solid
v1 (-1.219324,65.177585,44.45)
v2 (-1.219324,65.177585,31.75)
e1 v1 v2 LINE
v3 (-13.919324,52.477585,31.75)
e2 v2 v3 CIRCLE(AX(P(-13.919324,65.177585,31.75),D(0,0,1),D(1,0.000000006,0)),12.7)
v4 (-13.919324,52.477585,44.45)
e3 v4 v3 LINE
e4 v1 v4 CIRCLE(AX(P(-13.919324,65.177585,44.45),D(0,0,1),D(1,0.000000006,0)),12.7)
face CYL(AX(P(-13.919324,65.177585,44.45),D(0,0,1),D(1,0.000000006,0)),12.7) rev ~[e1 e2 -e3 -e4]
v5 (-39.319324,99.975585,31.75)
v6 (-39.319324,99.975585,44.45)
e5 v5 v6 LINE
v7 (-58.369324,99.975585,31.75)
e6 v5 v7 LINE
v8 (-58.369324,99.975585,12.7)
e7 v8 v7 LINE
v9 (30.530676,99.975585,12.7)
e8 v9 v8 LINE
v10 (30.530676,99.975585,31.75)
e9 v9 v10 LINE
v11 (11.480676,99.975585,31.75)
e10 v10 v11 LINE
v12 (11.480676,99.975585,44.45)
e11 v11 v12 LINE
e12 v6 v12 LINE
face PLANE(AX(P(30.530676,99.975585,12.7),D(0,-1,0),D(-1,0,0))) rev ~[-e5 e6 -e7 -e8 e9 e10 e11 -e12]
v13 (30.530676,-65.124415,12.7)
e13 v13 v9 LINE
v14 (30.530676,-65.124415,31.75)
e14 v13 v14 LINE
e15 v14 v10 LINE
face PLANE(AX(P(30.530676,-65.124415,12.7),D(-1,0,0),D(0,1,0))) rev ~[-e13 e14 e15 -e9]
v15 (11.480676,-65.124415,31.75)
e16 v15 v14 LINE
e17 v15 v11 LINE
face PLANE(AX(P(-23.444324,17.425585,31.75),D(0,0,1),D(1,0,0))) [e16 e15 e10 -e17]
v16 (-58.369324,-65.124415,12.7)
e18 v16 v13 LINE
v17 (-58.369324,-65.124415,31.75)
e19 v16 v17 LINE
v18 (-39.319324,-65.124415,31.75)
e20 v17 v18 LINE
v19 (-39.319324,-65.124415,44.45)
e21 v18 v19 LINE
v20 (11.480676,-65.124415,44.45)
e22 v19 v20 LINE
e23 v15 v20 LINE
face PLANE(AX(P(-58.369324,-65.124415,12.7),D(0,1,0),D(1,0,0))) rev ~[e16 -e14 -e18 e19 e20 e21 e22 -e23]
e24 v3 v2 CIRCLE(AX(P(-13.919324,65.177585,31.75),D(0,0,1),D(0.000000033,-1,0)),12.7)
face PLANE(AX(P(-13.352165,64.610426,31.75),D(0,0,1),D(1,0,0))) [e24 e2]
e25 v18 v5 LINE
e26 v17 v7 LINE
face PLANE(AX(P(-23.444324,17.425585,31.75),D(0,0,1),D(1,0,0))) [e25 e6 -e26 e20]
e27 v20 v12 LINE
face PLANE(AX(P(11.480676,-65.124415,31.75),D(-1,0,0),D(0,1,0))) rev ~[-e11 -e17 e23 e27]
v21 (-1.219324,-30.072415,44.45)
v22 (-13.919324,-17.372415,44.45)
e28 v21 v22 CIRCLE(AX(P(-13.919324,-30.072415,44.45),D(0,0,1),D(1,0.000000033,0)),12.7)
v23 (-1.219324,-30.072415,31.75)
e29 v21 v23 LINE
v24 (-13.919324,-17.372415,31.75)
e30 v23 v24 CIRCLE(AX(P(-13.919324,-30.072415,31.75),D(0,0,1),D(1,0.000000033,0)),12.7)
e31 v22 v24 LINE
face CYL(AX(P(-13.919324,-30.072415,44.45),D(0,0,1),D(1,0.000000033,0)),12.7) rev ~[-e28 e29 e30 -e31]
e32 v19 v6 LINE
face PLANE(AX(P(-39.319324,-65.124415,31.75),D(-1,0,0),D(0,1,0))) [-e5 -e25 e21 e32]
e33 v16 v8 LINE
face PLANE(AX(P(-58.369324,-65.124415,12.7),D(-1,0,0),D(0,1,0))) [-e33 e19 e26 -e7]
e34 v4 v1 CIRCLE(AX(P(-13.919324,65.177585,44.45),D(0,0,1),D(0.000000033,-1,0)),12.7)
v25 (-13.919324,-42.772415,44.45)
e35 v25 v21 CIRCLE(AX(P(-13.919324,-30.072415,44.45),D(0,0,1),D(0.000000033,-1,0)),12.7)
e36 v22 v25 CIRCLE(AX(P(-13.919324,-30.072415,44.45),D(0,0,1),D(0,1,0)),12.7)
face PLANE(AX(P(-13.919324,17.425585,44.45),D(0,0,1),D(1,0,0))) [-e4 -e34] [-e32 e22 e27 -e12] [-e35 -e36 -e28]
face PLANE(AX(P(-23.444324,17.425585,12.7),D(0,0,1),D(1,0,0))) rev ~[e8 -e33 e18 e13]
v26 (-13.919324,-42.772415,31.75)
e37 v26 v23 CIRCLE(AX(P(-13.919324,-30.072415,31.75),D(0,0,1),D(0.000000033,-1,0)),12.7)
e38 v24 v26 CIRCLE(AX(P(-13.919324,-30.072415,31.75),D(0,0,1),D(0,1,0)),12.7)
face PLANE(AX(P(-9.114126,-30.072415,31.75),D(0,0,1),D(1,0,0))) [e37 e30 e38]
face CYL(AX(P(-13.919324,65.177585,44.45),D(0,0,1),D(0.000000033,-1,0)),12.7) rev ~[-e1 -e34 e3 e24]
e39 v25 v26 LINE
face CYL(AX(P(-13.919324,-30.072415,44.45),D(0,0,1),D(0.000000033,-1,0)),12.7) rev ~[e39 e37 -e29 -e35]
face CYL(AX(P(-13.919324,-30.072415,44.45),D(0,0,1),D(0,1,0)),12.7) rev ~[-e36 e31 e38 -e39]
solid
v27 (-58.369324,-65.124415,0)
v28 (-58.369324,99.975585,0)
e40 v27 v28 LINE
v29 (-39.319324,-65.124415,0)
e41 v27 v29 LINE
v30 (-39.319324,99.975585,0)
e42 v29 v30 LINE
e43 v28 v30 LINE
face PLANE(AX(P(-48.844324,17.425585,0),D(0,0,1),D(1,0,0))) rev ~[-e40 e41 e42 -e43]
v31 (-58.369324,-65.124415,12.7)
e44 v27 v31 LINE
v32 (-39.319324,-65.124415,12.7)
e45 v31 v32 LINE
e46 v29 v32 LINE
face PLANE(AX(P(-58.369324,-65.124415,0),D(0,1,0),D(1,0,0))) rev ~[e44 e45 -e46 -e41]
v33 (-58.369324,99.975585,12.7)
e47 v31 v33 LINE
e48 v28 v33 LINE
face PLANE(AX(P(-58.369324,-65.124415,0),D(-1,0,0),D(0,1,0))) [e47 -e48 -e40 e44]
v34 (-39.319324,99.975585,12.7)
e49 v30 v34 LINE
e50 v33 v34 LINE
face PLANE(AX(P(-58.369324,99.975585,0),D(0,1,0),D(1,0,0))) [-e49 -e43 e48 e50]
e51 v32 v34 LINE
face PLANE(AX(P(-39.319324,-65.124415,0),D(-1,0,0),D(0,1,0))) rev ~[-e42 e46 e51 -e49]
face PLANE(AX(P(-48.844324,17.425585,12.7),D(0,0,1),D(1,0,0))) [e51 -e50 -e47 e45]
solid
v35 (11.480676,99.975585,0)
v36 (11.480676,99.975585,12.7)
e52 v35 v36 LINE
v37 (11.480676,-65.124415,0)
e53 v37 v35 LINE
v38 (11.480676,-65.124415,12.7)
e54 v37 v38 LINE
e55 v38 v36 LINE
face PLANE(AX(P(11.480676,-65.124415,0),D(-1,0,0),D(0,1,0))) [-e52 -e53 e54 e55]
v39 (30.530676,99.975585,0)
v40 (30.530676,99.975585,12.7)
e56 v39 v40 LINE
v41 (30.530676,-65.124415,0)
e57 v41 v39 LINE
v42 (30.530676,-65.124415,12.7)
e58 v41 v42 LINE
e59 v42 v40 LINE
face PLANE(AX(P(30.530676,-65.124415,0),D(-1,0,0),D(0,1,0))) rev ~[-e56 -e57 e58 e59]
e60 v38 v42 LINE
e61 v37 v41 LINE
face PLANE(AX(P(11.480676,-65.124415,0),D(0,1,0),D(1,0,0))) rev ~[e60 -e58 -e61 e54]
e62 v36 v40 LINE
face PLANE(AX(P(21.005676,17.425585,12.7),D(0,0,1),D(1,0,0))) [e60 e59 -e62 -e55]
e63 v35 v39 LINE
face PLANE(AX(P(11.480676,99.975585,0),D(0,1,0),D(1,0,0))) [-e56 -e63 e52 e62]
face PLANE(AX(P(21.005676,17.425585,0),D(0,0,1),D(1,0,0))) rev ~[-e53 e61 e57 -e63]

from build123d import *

# Parameters (mm, degrees)
F0_W     = 19.05
F0_H     = 165.1
F1_DEPTH = 12.7
F2_W     = 69.85
F2_H     = 165.1
F2_W_2   = 19.05
F3_DEPTH = 19.05
F4_W     = 50.8
F4_H     = 165.1
F5_DEPTH = 12.7
F7_DEPTH = 12.7


with BuildPart() as f1:
    # F0 (on Top) → F1 (new body)
    with BuildSketch(Plane.XY):
        with Locations((-48.844324, 17.425585)):
            Rectangle(F0_W, F0_H)
        with Locations((21.005676, 17.425585)):
            Rectangle(F0_W, F0_H)
    extrude(amount=F1_DEPTH)


with BuildPart() as f3:
    # F2 (on face) → F3 (new body)
    with BuildSketch(Plane.XY.offset(12.7)):
        with Locations((-23.444324, 17.425585)):
            Rectangle(F2_W, F2_H)
        with Locations((21.005676, 17.425585)):
            Rectangle(F2_W_2, F2_H)
    extrude(amount=F3_DEPTH)

    # F4 (on face) → F5 (join)
    with BuildSketch(Plane.XY.offset(31.75)):
        with Locations((-13.919324, 17.425585)):
            Rectangle(F4_W, F4_H)
    extrude(amount=F5_DEPTH)

    # F6 (on face) → F7 (cut)
    with BuildSketch(Plane.XY.offset(44.45)):
        with BuildLine():
            Line((-13.919324, -30.072415), (-13.919324, -42.772415))
            ThreePointArc((-13.919324, -42.772415), (-4.939068, -39.052671), (-1.219324, -30.072415))
            ThreePointArc((-1.219324, -30.072415), (-4.939068, -21.092159), (-13.919324, -17.372415))
            Line((-13.919324, -17.372415), (-13.919324, -30.072415))
        make_face()
        with BuildLine():
            ThreePointArc((-13.919324, -17.372415), (-26.619324, -30.072415), (-13.919324, -42.772415))
            Line((-13.919324, -42.772415), (-13.919324, -30.072415))
            Line((-13.919324, -30.072415), (-13.919324, -17.372415))
        make_face()
        with BuildLine():
            ThreePointArc((-1.219324, 65.177585), (-22.89958, 74.157841), (-13.919324, 52.477585))
            ThreePointArc((-13.919324, 52.477585), (-4.939068, 56.197329), (-1.219324, 65.177585))
        make_face()
    extrude(amount=-F7_DEPTH, mode=Mode.SUBTRACT)


solid = Compound([f1.part, f3.part])
